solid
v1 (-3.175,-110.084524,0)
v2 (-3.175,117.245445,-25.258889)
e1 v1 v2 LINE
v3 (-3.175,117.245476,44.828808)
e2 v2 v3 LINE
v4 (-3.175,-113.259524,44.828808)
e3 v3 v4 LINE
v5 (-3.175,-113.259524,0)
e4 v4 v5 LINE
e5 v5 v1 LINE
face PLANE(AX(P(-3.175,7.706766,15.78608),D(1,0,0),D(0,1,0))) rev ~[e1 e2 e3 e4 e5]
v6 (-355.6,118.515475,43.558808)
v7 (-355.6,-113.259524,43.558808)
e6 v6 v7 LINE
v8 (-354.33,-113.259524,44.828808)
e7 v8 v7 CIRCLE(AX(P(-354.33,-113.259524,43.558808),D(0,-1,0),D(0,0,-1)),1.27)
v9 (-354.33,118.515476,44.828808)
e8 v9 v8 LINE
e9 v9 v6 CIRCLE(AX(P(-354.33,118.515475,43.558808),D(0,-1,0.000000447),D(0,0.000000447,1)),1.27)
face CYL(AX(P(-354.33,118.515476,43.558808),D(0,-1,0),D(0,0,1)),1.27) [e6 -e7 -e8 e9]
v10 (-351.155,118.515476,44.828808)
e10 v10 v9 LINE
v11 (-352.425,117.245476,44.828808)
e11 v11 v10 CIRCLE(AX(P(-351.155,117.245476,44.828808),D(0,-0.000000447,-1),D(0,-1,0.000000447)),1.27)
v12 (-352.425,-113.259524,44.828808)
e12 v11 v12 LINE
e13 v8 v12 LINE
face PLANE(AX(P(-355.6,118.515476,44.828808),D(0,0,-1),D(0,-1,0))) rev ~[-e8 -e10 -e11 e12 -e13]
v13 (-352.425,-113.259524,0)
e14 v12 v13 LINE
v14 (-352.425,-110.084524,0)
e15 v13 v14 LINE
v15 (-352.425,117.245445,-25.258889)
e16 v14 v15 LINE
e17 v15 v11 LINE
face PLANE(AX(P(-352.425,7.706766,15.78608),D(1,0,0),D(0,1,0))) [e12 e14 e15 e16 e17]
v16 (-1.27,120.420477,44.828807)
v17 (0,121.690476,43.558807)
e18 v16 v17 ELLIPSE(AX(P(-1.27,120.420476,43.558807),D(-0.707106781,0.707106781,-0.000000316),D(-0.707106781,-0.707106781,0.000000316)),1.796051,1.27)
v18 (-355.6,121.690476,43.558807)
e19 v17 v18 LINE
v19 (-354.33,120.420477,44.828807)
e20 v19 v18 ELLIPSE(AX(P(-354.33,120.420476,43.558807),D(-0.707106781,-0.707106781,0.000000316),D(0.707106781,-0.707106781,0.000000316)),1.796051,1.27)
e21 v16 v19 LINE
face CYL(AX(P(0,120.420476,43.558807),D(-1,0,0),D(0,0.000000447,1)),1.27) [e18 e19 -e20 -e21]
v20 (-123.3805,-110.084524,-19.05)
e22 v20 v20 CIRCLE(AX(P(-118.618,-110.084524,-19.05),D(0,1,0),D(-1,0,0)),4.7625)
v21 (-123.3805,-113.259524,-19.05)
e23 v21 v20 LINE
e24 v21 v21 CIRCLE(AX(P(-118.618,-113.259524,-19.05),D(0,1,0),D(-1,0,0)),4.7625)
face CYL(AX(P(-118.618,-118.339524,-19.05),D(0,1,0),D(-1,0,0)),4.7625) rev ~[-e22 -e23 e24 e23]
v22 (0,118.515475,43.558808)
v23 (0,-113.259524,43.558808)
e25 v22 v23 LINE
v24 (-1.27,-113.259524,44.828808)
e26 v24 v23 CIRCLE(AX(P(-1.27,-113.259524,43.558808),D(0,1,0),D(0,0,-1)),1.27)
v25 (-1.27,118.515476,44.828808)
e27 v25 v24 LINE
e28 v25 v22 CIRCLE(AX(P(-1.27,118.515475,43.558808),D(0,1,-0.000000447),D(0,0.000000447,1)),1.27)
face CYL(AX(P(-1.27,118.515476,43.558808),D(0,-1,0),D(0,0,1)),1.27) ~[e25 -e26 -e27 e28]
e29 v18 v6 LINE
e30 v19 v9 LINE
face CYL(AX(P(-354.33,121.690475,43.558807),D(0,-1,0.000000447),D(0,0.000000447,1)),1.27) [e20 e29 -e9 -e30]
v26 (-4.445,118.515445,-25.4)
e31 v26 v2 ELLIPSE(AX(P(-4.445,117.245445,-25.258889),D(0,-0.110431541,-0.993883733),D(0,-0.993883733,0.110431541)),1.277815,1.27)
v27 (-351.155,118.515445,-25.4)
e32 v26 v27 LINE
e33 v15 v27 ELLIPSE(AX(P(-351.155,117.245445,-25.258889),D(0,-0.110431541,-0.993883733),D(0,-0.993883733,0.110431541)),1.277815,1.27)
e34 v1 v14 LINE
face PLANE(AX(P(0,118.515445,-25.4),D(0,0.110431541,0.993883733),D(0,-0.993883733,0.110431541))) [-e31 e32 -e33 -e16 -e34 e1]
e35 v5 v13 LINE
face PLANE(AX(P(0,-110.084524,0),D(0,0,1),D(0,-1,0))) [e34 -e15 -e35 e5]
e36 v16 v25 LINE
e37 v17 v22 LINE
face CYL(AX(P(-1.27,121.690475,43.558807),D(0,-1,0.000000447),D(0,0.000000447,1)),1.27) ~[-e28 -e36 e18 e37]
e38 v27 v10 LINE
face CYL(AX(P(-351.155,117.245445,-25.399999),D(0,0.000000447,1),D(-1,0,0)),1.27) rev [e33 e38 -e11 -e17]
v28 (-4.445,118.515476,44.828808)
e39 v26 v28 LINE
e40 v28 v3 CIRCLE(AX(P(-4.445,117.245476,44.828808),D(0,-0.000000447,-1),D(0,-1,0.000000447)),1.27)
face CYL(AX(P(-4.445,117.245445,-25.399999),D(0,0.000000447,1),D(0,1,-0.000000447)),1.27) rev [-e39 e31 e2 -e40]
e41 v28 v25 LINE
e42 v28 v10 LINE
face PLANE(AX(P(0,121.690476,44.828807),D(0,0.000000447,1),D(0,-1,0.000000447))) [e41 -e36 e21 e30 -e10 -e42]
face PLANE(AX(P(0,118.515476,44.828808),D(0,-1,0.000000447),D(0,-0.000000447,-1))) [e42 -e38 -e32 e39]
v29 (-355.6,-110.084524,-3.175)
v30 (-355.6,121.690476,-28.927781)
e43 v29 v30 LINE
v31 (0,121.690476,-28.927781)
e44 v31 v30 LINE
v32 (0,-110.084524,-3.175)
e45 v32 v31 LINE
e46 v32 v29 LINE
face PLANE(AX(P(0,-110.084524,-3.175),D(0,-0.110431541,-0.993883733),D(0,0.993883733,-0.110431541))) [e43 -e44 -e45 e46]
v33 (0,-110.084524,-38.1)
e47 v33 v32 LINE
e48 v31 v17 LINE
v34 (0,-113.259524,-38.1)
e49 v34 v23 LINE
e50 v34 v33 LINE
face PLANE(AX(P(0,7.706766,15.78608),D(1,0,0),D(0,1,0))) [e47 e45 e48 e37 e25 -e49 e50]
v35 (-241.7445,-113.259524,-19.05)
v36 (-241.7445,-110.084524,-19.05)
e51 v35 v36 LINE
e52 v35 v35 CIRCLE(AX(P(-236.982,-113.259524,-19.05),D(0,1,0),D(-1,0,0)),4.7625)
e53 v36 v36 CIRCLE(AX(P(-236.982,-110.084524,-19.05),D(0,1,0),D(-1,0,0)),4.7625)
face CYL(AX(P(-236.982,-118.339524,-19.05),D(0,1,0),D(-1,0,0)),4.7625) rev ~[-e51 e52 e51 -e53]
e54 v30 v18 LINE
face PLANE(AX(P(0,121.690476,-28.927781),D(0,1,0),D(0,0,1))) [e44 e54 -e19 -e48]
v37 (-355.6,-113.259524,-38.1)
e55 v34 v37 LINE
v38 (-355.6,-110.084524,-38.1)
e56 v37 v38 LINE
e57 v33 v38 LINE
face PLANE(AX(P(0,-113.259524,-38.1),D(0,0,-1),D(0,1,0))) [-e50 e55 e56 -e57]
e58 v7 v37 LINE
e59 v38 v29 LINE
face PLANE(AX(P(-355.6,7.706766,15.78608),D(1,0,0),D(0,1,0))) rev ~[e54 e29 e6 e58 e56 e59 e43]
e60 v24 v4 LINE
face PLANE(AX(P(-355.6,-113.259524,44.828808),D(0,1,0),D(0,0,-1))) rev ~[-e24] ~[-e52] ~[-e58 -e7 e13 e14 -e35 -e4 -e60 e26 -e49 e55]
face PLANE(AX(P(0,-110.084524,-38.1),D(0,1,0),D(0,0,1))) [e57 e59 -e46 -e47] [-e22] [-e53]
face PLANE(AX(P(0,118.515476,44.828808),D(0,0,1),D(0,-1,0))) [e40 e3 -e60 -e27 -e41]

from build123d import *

# Parameters (mm, degrees)
F1_DEPTH = 355.6
F3_DEPTH = 3.175
F6_DEPTH = 3.175
F8_D     = 9.525
F8_DEPTH = 5.08
F8_TIP   = 2.8615986981
F9_R     = 1.27


with BuildPart() as f1:
    # F0 (on Right) → F1 (new body)
    with BuildSketch(Plane.YZ):
        Polygon((118.5154446509, -25.4), (-110.0845239475, 0), (-110.0845239475, -3.175), (121.6904760525, -28.9277813153), (121.6904760525, 44.8288065905), (118.5154760525, 44.8288080101), align=None)
        Polygon((-110.0845239475, -3.175), (-110.0845239475, 0), (-113.2595239475, 0), (-113.2595239475, -38.1), (-110.0845239475, -38.1), align=None)
    extrude(amount=-F1_DEPTH)

    # F2 (on Right) → F3 (join)
    with BuildSketch(Plane.YZ):
        Polygon((-113.2595239475, 44.8288080101), (-113.2595239475, 0), (-110.0845239475, 0), (118.5154446509, -25.4), (118.5154760525, 44.8288080101), align=None)
    extrude(amount=-F3_DEPTH)

    # F5 (on offset) → F6 (join)
    with BuildSketch(Plane.YZ.offset(-355.6)):
        Polygon((118.5154760525, 44.8288080101), (-113.2595239475, 44.8288080101), (-113.2595239475, 0), (-110.0845239475, 0), (118.5154446509, -25.4), align=None)
    extrude(amount=F6_DEPTH)

    # F8
    with Locations(Plane.XZ.offset(113.2595239475)):
        with Locations((-236.982, -19.05), (-118.618, -19.05)):
            Hole(F8_D / 2, depth=F8_DEPTH)
            with Locations((0, 0, -(F8_DEPTH + F8_TIP / 2))):  # 118° drill point
                Cone(0, F8_D / 2, F8_TIP, mode=Mode.SUBTRACT)

    # F9
    f9_edges = [f1.edges().sort_by_distance(p)[0] for p in [
        (-352.425, 118.51546, 9.714404),
        (-3.175, 118.51546, 9.714404),
        (-355.6, 2.627976, 44.828808),
        (0, 2.627976, 44.828808),
        (-177.8, 121.690476, 44.828807),
    ]]
    fillet(f9_edges, radius=F9_R)


solid = f1.part
